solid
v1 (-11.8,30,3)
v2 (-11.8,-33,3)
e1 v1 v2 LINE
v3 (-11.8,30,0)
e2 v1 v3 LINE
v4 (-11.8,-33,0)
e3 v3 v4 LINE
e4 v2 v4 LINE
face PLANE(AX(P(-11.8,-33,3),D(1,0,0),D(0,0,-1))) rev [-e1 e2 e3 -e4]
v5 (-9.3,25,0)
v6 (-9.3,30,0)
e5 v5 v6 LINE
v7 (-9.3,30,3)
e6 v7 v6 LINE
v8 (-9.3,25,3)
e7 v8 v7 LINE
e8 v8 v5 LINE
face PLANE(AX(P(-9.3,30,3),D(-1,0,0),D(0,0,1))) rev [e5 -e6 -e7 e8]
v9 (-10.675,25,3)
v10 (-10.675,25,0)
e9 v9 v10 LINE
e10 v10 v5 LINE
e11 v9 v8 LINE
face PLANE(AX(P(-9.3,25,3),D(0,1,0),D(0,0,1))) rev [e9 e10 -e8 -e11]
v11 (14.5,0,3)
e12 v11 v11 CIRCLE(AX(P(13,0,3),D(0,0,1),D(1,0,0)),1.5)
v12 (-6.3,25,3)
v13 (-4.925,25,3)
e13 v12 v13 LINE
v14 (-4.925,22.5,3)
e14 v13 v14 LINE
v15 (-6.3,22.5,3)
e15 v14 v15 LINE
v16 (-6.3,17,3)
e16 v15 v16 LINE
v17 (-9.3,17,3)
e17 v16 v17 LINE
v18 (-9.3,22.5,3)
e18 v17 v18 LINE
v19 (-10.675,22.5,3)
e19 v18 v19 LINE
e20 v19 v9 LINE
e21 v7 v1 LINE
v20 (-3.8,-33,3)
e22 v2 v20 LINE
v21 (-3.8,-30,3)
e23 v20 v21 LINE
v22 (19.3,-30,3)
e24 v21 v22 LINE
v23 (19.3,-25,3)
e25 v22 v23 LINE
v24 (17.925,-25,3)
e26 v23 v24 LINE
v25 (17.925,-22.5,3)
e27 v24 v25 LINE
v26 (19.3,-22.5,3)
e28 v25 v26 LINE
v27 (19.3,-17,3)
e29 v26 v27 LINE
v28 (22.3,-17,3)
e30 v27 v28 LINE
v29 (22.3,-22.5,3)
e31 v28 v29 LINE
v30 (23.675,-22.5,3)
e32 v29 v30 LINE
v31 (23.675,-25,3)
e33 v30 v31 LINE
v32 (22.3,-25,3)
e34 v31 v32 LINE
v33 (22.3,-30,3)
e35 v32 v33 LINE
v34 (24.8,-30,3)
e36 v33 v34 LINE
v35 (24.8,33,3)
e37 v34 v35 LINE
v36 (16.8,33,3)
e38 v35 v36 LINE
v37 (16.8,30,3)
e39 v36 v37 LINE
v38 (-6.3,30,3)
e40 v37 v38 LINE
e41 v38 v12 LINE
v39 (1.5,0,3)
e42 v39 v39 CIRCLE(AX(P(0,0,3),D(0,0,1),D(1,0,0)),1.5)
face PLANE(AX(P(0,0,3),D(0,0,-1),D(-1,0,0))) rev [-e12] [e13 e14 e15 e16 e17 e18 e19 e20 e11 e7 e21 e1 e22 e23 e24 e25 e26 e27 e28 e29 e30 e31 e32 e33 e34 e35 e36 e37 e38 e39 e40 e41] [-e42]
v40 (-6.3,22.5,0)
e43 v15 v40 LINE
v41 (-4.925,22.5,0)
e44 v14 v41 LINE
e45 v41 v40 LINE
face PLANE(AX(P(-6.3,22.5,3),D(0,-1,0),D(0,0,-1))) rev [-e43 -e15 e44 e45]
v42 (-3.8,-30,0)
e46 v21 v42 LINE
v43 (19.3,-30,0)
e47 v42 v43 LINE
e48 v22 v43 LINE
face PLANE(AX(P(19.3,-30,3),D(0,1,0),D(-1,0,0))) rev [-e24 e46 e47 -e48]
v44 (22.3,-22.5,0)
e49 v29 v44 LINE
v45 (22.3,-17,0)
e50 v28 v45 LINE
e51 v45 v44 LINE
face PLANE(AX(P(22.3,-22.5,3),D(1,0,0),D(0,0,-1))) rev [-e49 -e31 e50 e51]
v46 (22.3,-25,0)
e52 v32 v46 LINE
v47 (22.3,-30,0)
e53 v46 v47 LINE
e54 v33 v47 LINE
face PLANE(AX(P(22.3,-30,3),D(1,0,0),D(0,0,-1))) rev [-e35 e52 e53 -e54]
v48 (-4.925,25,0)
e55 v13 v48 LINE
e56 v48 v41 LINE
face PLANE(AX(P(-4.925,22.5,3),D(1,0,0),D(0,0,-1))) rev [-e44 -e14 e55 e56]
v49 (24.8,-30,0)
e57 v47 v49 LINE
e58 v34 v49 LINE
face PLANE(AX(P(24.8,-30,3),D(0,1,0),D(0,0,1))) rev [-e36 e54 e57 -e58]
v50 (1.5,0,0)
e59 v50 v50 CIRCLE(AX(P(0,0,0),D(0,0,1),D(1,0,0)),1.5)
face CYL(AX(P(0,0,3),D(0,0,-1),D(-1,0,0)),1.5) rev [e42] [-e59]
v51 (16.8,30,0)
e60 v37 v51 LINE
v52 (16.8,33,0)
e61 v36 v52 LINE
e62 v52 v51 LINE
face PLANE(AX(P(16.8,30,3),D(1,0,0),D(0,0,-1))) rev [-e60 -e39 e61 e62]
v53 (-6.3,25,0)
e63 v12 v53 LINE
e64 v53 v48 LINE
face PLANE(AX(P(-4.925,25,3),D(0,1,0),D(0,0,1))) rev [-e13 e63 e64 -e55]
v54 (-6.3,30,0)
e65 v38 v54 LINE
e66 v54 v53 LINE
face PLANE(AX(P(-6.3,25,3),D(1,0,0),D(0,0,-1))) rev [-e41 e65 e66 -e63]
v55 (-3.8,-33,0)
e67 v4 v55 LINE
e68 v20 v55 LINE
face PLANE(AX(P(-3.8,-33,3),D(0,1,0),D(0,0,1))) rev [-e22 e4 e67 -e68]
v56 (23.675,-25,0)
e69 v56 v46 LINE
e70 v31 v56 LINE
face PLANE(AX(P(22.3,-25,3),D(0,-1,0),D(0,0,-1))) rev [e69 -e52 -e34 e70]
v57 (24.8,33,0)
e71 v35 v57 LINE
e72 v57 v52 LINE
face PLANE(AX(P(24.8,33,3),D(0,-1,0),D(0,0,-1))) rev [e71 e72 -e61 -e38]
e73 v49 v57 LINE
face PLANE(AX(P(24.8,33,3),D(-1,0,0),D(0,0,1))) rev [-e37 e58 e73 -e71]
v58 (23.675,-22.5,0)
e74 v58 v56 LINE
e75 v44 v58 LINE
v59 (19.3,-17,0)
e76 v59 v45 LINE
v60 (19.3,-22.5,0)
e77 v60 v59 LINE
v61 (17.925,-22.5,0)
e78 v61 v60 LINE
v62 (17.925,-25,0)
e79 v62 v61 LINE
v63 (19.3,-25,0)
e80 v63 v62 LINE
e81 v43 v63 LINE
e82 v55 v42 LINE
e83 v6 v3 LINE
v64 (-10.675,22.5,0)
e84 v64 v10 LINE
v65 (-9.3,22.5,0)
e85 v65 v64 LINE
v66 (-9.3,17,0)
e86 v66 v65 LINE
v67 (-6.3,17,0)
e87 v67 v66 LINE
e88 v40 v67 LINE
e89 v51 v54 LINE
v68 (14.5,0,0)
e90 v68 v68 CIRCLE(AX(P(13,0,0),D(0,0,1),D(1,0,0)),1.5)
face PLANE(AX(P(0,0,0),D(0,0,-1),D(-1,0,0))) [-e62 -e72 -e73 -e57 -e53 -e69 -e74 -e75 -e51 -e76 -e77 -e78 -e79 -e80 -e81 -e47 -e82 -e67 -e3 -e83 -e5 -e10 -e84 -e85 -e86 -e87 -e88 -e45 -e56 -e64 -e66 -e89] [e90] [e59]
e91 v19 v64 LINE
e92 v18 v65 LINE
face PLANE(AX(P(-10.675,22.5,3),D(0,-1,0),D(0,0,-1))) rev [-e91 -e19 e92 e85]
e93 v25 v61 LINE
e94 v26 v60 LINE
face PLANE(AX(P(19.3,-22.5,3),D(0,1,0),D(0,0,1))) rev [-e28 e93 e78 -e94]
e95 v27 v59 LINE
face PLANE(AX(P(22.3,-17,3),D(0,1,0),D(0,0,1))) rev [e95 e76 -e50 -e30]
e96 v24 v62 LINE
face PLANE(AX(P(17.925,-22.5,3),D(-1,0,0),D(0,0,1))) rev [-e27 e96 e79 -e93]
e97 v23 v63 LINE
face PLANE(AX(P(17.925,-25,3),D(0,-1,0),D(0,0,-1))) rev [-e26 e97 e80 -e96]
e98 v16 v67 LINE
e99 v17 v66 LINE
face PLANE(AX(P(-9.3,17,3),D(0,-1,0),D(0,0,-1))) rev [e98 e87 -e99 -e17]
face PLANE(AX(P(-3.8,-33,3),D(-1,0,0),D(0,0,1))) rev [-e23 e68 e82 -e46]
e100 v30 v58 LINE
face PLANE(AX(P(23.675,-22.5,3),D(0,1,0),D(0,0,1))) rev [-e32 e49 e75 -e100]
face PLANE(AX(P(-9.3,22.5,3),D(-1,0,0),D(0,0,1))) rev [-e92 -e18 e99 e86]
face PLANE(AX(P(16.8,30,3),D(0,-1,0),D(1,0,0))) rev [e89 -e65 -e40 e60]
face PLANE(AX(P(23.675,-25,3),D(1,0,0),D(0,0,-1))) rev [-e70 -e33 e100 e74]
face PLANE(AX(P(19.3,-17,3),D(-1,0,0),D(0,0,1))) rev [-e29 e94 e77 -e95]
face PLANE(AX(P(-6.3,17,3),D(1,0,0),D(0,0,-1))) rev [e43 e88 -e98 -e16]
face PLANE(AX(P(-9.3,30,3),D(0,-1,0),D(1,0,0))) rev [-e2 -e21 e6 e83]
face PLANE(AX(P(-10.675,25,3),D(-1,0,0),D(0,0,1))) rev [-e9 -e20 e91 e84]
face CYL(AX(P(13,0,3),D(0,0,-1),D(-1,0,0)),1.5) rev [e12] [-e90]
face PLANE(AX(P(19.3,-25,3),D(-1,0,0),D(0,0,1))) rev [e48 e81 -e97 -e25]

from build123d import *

# Parameters (mm, degrees)
ESBO_O1_R                = 1.5
RESSALTO_EXTRUS_O1_DEPTH = 3


with BuildPart() as part:
    # Esboço1 → Ressalto-extrusão1 (new body)
    with BuildSketch(Plane.XY):
        Polygon((22.3, -30), (22.3, -25), (23.675, -25), (23.675, -22.5), (22.3, -22.5), (22.3, -17), (19.3, -17), (19.3, -22.5), (17.925, -22.5), (17.925, -25), (19.3, -25), (19.3, -30), (-3.8, -30), (-3.8, -33), (-11.8, -33), (-11.8, -30), (-11.8, 8.3), (-11.8, 30), (-9.3, 30), (-9.3, 25), (-10.675, 25), (-10.675, 22.5), (-9.3, 22.5), (-9.3, 17), (-6.3, 17), (-6.3, 22.5), (-4.925, 22.5), (-4.925, 25), (-6.3, 25), (-6.3, 30), (16.8, 30), (16.8, 33), (24.8, 33), (24.8, -30), align=None)
        Circle(ESBO_O1_R, mode=Mode.SUBTRACT)
        with Locations((13, 0)):
            Circle(ESBO_O1_R, mode=Mode.SUBTRACT)
    extrude(amount=RESSALTO_EXTRUS_O1_DEPTH)


solid = part.part
